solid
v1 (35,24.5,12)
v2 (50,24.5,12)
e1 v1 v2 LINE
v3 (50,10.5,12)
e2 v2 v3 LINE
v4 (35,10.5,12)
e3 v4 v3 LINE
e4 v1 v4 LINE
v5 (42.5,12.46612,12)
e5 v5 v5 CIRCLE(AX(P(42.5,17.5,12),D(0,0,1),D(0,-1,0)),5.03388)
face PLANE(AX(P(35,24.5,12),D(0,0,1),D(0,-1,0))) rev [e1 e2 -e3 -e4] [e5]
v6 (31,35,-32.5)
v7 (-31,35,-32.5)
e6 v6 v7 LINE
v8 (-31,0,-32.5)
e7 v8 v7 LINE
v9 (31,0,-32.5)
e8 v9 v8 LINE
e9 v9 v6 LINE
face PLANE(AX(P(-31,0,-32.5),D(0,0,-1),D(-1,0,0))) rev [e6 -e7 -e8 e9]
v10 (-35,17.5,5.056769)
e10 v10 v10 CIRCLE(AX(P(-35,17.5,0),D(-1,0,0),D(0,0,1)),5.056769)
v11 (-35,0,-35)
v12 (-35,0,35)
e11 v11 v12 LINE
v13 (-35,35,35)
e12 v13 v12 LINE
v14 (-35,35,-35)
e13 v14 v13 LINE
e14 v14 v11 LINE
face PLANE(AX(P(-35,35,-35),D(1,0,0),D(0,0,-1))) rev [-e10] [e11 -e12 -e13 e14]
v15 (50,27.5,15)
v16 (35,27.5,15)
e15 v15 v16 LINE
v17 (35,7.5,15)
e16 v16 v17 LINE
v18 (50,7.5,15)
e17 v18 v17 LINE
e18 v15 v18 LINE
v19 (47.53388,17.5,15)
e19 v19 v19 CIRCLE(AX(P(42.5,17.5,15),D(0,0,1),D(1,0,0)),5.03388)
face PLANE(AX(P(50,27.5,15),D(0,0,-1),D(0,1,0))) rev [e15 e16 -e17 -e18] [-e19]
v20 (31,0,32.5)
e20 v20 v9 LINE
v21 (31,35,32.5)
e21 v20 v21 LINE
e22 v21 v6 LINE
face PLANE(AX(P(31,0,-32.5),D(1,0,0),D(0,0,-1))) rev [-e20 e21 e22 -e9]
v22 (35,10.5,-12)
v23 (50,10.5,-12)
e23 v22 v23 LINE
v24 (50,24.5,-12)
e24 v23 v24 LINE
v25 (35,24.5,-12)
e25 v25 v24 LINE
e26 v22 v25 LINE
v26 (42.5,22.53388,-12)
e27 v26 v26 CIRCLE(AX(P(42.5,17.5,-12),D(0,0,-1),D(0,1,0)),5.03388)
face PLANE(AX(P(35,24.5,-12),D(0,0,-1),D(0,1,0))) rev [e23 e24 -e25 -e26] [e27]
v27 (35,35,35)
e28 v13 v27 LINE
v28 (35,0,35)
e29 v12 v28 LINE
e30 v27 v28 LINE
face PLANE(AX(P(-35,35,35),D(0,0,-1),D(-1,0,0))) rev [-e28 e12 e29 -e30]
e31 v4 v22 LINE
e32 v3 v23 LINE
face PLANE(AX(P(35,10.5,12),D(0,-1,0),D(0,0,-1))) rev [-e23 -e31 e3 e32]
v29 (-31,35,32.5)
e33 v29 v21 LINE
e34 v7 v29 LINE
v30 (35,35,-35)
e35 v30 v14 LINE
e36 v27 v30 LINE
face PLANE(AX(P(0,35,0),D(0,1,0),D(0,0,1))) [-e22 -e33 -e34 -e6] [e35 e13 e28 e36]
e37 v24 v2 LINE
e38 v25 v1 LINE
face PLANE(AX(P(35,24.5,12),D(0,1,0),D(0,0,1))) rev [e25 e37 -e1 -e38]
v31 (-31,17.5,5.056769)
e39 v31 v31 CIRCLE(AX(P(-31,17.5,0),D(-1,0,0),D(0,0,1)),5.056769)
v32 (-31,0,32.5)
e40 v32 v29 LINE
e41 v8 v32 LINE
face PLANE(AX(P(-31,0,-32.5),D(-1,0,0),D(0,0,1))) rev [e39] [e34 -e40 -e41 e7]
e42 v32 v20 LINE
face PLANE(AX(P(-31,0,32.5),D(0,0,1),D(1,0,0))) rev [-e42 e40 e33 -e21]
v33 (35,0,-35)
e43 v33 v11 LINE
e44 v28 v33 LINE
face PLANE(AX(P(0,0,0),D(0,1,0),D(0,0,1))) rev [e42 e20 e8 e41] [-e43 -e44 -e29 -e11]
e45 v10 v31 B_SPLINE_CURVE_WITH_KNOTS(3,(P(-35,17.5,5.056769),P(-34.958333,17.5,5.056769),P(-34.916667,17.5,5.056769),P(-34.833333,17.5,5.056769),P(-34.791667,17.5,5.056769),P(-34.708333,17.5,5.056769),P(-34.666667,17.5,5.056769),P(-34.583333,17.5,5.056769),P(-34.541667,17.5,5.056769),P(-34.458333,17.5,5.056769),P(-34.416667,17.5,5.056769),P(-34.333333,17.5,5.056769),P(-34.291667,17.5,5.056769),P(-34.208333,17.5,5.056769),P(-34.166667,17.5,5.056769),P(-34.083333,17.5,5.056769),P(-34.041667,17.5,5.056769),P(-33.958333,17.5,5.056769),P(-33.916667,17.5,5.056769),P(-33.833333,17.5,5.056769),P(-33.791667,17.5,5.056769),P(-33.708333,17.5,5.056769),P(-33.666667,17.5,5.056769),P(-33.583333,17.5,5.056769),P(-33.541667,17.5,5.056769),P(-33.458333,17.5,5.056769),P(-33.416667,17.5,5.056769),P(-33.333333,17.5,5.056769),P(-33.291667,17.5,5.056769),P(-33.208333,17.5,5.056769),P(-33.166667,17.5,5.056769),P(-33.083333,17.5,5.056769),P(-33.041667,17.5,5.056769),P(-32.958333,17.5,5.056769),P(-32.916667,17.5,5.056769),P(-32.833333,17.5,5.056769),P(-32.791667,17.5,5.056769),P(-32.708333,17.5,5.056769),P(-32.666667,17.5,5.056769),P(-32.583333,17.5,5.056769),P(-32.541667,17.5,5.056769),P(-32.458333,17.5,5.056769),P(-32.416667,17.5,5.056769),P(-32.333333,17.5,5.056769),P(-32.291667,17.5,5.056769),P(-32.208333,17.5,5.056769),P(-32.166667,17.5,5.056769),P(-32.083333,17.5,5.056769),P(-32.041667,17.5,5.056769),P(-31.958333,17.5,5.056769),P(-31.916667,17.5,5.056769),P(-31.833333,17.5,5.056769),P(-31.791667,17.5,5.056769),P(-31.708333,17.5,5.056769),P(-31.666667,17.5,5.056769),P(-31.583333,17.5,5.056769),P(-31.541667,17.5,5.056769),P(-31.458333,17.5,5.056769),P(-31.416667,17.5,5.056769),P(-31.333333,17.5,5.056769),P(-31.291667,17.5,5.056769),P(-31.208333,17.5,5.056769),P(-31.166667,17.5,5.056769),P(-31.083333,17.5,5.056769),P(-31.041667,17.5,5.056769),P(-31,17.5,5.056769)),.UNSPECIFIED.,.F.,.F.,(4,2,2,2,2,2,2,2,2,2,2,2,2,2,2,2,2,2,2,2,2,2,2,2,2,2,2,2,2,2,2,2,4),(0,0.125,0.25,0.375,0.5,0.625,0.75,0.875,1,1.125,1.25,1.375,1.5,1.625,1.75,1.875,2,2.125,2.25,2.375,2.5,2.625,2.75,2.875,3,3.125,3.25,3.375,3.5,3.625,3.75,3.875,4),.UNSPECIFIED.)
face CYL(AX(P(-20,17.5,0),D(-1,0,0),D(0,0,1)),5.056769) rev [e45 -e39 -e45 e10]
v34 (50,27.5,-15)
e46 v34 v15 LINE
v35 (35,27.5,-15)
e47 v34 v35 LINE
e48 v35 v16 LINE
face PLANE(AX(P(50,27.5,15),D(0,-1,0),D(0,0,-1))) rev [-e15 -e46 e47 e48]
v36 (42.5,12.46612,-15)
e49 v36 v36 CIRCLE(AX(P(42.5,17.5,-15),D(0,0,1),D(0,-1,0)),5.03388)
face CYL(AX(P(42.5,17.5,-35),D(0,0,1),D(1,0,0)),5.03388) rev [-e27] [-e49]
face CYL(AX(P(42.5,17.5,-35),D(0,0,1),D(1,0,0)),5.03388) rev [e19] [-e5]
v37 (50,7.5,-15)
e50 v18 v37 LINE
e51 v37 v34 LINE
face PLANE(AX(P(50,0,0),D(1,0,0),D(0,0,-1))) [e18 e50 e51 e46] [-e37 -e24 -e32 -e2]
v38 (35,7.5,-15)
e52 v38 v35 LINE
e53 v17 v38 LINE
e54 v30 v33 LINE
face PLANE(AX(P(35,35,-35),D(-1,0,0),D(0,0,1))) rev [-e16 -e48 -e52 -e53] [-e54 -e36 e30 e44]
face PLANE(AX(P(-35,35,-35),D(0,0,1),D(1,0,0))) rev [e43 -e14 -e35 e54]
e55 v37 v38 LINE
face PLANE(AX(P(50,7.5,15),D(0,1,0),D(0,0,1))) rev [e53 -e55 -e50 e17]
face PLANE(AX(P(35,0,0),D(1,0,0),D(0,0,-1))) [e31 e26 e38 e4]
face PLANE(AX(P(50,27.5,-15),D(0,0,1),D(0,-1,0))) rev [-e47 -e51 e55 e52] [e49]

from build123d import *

# Parameters (mm, degrees)
SKETCH1_W           = 70
SKETCH1_H           = 70
BOSS_EXTRUDE1_DEPTH = 35
SKETCH2_W           = 62
SKETCH2_H           = 65
CUT_EXTRUDE1_DEPTH  = 61.621778265
SKETCH3_R           = 5.056768915
CUT_EXTRUDE2_DEPTH  = 15
SKETCH4_W           = 30
SKETCH4_H           = 20
BOSS_EXTRUDE2_DEPTH = 15
SKETCH6_W           = 24
SKETCH6_H           = 14
CUT_EXTRUDE3_DEPTH  = 15
SKETCH7_R           = 5.033880115
CUT_EXTRUDE4_DEPTH  = 79.89866919


with BuildPart() as part:
    # Sketch1 → Boss-Extrude1 (new body)
    with BuildSketch(Plane(origin=(0, 0, 0), x_dir=(1, 0, 0), z_dir=(0, 1, 0))):
        Rectangle(SKETCH1_W, SKETCH1_H)
    extrude(amount=BOSS_EXTRUDE1_DEPTH)

    # Sketch2 → Cut-Extrude1 (cut, through all)
    with BuildSketch(Plane(origin=(0, 35, 0), x_dir=(1, 0, 0), z_dir=(0, 1, 0))):
        Rectangle(SKETCH2_W, SKETCH2_H)
    extrude(amount=-CUT_EXTRUDE1_DEPTH, mode=Mode.SUBTRACT)

    # Sketch3 → Cut-Extrude2 (cut)
    with BuildSketch(Plane.ZY.offset(35)):
        with Locations((0, 17.5)):
            Circle(SKETCH3_R)
    extrude(amount=-CUT_EXTRUDE2_DEPTH, mode=Mode.SUBTRACT)

    # Sketch4 → Boss-Extrude2 (add)
    with BuildSketch(Plane(origin=(35, 0, 0), x_dir=(0, 0, -1), z_dir=(1, 0, 0))):
        with Locations((0, 17.5)):
            Rectangle(SKETCH4_W, SKETCH4_H)
    extrude(amount=BOSS_EXTRUDE2_DEPTH)

    # Sketch6 → Cut-Extrude3 (cut)
    with BuildSketch(Plane(origin=(50, 0, 0), x_dir=(0, 0, -1), z_dir=(1, 0, 0))):
        with Locations((0, 17.5)):
            Rectangle(SKETCH6_W, SKETCH6_H)
    extrude(amount=-CUT_EXTRUDE3_DEPTH, mode=Mode.SUBTRACT)

    # Sketch7 → Cut-Extrude4 (cut, through all)
    with BuildSketch(Plane.XY.offset(15)):
        with Locations((42.5, 17.5)):
            Circle(SKETCH7_R)
    extrude(amount=-CUT_EXTRUDE4_DEPTH, mode=Mode.SUBTRACT)


solid = part.part
